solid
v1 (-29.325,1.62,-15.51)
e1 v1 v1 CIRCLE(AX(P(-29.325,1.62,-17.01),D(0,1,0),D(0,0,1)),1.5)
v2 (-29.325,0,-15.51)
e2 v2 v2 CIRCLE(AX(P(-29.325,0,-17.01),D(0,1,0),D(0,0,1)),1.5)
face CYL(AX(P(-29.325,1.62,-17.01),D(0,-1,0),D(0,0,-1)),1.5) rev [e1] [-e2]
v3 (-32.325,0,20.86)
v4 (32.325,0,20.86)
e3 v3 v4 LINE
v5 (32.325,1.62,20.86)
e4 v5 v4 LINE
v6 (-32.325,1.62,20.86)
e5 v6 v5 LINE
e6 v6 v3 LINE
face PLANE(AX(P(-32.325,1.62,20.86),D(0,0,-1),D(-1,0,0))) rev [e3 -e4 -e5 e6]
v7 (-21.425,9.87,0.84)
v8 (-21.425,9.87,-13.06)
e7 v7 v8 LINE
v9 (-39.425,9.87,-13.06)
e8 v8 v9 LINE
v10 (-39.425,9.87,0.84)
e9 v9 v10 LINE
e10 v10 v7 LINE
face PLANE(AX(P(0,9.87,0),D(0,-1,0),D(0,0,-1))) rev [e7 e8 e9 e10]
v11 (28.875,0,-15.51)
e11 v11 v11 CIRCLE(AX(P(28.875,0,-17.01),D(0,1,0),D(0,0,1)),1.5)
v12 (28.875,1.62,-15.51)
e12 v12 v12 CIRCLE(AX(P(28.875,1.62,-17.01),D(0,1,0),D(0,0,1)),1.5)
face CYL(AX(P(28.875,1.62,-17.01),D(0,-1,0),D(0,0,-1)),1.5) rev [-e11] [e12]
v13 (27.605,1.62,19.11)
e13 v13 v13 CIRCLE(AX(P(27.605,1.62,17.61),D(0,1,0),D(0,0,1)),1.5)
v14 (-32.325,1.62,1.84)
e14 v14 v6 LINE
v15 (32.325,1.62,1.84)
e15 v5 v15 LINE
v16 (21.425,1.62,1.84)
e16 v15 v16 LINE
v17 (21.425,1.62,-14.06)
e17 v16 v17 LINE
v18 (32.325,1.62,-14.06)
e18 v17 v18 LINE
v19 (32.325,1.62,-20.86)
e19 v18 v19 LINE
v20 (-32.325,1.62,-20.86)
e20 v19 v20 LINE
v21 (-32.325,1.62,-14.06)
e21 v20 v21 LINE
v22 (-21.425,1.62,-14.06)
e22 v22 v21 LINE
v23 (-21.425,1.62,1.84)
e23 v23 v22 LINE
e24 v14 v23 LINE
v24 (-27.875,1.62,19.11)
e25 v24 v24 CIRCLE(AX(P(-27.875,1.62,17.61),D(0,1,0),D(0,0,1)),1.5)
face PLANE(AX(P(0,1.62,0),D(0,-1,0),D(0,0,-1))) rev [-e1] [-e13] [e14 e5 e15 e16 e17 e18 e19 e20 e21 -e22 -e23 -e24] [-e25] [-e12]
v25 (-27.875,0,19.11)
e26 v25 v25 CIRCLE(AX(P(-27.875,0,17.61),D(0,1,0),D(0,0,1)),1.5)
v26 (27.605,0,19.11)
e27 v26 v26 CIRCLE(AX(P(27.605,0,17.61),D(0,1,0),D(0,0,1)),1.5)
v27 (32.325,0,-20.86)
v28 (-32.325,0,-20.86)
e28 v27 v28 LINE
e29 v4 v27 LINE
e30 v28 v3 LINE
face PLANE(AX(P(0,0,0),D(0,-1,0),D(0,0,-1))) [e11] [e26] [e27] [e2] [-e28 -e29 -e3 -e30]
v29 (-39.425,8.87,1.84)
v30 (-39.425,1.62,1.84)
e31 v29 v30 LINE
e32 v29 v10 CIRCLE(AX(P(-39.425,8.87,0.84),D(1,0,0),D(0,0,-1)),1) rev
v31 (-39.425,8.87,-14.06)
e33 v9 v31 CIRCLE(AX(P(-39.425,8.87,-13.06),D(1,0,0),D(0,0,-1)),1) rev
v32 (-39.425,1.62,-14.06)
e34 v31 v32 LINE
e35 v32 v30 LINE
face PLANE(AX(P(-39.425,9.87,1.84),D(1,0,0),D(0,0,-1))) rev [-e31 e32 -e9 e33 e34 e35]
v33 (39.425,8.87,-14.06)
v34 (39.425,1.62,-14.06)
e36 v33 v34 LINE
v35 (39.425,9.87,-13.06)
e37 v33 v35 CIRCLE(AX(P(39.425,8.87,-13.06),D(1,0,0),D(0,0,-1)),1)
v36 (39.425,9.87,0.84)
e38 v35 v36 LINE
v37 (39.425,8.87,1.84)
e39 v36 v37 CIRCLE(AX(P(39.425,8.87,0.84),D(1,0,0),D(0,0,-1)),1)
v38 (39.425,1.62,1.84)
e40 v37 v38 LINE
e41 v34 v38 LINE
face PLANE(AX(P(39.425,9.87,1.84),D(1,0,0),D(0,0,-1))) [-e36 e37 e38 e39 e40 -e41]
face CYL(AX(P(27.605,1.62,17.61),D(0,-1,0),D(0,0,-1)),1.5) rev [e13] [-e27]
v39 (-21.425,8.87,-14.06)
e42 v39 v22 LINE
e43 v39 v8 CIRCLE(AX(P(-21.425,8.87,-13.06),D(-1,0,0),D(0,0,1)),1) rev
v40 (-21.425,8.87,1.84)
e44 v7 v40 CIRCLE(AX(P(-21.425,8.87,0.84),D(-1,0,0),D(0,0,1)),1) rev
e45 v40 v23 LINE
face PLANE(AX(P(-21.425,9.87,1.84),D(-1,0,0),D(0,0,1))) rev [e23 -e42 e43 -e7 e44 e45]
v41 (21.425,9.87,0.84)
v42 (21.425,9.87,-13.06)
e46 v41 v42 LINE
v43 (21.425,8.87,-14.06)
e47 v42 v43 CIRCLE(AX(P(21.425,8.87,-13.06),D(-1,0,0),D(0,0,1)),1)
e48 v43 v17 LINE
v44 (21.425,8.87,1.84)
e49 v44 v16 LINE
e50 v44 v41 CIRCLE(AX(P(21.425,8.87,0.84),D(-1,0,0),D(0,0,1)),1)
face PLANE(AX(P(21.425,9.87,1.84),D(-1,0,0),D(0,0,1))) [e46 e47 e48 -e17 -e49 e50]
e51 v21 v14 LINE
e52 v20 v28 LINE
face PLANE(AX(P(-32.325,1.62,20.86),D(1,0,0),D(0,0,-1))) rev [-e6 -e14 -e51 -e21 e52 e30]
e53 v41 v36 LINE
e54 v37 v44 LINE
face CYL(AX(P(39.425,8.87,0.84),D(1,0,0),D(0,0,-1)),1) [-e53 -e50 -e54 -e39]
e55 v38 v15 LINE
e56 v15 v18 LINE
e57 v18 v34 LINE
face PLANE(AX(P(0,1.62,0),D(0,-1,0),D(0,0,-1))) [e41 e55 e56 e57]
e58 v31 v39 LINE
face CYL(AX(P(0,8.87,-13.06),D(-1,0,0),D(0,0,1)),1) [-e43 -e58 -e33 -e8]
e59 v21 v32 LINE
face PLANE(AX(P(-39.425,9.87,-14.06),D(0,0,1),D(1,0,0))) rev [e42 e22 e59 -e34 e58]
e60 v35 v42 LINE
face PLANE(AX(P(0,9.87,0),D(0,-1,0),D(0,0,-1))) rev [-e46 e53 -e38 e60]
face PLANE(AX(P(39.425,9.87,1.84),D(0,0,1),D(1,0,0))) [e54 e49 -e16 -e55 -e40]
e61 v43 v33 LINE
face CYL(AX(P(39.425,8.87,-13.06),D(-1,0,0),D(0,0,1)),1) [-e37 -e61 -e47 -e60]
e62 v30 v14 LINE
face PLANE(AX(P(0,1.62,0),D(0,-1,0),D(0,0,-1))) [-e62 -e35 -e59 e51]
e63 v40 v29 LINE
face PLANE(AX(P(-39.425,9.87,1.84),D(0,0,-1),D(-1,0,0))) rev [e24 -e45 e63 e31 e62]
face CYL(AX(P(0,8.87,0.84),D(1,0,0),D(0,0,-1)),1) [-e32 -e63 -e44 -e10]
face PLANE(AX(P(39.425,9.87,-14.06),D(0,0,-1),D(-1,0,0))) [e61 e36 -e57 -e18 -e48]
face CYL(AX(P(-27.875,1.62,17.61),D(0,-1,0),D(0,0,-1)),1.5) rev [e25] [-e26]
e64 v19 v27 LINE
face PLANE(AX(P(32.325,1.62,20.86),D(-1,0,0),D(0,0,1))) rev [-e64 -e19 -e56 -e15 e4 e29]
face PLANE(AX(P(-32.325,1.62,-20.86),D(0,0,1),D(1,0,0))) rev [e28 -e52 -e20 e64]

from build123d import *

# Parameters (mm, degrees)
SKETCH1_W            = 64.65
SKETCH1_H            = 41.72
SKETCH1_R            = 1.5
BOSS_EXTRUDE1_DEPTH  = 1.62
SKETCH2_W            = 18
SKETCH2_H            = 15.9
BOSS_EXTRUDE2_DEPTH  = 8.25
FILLET1_R            = 1
FILLET1_OF_MIRROR1_R = 1


with BuildPart() as part:
    # Sketch1 → Boss-Extrude1 (new body)
    with BuildSketch(Plane(origin=(0, 0, 0), x_dir=(1, 0, 0), z_dir=(0, 1, 0))):
        Rectangle(SKETCH1_W, SKETCH1_H)
        with Locations((27.605, -17.61)):
            Circle(SKETCH1_R, mode=Mode.SUBTRACT)
        with Locations((-27.875, -17.61)):
            Circle(SKETCH1_R, mode=Mode.SUBTRACT)
        with Locations((28.875, 17.01)):
            Circle(SKETCH1_R, mode=Mode.SUBTRACT)
        with Locations((-29.325, 17.01)):
            Circle(SKETCH1_R, mode=Mode.SUBTRACT)
    extrude(amount=BOSS_EXTRUDE1_DEPTH)

    # Sketch2 → Boss-Extrude2 (add)
    with BuildSketch(Plane(origin=(0, 1.62, 0), x_dir=(1, 0, 0), z_dir=(0, 1, 0))):
        with Locations((-30.425, 6.11)):
            Rectangle(SKETCH2_W, SKETCH2_H)
    boss_extrude2 = extrude(amount=BOSS_EXTRUDE2_DEPTH)

    # Fillet1
    fillet1_edges = [part.edges().sort_by_distance(p)[0] for p in [
        (-30.425, 9.87, -14.06),
        (-30.425, 9.87, 1.84),
    ]]
    fillet(fillet1_edges, radius=FILLET1_R)

    # Mirror1: Boss-Extrude2 across plane
    add(boss_extrude2.mirror(Plane(origin=(0, 0, 0), x_dir=(0, 0, 1), z_dir=(1, 0, 0))))

    # Fillet1 of Mirror1
    fillet1_of_mirror1_edges = [part.edges().sort_by_distance(p)[0] for p in [
        (30.425, 9.87, -14.06),
        (30.425, 9.87, 1.84),
    ]]
    fillet(fillet1_of_mirror1_edges, radius=FILLET1_OF_MIRROR1_R)


solid = part.part
